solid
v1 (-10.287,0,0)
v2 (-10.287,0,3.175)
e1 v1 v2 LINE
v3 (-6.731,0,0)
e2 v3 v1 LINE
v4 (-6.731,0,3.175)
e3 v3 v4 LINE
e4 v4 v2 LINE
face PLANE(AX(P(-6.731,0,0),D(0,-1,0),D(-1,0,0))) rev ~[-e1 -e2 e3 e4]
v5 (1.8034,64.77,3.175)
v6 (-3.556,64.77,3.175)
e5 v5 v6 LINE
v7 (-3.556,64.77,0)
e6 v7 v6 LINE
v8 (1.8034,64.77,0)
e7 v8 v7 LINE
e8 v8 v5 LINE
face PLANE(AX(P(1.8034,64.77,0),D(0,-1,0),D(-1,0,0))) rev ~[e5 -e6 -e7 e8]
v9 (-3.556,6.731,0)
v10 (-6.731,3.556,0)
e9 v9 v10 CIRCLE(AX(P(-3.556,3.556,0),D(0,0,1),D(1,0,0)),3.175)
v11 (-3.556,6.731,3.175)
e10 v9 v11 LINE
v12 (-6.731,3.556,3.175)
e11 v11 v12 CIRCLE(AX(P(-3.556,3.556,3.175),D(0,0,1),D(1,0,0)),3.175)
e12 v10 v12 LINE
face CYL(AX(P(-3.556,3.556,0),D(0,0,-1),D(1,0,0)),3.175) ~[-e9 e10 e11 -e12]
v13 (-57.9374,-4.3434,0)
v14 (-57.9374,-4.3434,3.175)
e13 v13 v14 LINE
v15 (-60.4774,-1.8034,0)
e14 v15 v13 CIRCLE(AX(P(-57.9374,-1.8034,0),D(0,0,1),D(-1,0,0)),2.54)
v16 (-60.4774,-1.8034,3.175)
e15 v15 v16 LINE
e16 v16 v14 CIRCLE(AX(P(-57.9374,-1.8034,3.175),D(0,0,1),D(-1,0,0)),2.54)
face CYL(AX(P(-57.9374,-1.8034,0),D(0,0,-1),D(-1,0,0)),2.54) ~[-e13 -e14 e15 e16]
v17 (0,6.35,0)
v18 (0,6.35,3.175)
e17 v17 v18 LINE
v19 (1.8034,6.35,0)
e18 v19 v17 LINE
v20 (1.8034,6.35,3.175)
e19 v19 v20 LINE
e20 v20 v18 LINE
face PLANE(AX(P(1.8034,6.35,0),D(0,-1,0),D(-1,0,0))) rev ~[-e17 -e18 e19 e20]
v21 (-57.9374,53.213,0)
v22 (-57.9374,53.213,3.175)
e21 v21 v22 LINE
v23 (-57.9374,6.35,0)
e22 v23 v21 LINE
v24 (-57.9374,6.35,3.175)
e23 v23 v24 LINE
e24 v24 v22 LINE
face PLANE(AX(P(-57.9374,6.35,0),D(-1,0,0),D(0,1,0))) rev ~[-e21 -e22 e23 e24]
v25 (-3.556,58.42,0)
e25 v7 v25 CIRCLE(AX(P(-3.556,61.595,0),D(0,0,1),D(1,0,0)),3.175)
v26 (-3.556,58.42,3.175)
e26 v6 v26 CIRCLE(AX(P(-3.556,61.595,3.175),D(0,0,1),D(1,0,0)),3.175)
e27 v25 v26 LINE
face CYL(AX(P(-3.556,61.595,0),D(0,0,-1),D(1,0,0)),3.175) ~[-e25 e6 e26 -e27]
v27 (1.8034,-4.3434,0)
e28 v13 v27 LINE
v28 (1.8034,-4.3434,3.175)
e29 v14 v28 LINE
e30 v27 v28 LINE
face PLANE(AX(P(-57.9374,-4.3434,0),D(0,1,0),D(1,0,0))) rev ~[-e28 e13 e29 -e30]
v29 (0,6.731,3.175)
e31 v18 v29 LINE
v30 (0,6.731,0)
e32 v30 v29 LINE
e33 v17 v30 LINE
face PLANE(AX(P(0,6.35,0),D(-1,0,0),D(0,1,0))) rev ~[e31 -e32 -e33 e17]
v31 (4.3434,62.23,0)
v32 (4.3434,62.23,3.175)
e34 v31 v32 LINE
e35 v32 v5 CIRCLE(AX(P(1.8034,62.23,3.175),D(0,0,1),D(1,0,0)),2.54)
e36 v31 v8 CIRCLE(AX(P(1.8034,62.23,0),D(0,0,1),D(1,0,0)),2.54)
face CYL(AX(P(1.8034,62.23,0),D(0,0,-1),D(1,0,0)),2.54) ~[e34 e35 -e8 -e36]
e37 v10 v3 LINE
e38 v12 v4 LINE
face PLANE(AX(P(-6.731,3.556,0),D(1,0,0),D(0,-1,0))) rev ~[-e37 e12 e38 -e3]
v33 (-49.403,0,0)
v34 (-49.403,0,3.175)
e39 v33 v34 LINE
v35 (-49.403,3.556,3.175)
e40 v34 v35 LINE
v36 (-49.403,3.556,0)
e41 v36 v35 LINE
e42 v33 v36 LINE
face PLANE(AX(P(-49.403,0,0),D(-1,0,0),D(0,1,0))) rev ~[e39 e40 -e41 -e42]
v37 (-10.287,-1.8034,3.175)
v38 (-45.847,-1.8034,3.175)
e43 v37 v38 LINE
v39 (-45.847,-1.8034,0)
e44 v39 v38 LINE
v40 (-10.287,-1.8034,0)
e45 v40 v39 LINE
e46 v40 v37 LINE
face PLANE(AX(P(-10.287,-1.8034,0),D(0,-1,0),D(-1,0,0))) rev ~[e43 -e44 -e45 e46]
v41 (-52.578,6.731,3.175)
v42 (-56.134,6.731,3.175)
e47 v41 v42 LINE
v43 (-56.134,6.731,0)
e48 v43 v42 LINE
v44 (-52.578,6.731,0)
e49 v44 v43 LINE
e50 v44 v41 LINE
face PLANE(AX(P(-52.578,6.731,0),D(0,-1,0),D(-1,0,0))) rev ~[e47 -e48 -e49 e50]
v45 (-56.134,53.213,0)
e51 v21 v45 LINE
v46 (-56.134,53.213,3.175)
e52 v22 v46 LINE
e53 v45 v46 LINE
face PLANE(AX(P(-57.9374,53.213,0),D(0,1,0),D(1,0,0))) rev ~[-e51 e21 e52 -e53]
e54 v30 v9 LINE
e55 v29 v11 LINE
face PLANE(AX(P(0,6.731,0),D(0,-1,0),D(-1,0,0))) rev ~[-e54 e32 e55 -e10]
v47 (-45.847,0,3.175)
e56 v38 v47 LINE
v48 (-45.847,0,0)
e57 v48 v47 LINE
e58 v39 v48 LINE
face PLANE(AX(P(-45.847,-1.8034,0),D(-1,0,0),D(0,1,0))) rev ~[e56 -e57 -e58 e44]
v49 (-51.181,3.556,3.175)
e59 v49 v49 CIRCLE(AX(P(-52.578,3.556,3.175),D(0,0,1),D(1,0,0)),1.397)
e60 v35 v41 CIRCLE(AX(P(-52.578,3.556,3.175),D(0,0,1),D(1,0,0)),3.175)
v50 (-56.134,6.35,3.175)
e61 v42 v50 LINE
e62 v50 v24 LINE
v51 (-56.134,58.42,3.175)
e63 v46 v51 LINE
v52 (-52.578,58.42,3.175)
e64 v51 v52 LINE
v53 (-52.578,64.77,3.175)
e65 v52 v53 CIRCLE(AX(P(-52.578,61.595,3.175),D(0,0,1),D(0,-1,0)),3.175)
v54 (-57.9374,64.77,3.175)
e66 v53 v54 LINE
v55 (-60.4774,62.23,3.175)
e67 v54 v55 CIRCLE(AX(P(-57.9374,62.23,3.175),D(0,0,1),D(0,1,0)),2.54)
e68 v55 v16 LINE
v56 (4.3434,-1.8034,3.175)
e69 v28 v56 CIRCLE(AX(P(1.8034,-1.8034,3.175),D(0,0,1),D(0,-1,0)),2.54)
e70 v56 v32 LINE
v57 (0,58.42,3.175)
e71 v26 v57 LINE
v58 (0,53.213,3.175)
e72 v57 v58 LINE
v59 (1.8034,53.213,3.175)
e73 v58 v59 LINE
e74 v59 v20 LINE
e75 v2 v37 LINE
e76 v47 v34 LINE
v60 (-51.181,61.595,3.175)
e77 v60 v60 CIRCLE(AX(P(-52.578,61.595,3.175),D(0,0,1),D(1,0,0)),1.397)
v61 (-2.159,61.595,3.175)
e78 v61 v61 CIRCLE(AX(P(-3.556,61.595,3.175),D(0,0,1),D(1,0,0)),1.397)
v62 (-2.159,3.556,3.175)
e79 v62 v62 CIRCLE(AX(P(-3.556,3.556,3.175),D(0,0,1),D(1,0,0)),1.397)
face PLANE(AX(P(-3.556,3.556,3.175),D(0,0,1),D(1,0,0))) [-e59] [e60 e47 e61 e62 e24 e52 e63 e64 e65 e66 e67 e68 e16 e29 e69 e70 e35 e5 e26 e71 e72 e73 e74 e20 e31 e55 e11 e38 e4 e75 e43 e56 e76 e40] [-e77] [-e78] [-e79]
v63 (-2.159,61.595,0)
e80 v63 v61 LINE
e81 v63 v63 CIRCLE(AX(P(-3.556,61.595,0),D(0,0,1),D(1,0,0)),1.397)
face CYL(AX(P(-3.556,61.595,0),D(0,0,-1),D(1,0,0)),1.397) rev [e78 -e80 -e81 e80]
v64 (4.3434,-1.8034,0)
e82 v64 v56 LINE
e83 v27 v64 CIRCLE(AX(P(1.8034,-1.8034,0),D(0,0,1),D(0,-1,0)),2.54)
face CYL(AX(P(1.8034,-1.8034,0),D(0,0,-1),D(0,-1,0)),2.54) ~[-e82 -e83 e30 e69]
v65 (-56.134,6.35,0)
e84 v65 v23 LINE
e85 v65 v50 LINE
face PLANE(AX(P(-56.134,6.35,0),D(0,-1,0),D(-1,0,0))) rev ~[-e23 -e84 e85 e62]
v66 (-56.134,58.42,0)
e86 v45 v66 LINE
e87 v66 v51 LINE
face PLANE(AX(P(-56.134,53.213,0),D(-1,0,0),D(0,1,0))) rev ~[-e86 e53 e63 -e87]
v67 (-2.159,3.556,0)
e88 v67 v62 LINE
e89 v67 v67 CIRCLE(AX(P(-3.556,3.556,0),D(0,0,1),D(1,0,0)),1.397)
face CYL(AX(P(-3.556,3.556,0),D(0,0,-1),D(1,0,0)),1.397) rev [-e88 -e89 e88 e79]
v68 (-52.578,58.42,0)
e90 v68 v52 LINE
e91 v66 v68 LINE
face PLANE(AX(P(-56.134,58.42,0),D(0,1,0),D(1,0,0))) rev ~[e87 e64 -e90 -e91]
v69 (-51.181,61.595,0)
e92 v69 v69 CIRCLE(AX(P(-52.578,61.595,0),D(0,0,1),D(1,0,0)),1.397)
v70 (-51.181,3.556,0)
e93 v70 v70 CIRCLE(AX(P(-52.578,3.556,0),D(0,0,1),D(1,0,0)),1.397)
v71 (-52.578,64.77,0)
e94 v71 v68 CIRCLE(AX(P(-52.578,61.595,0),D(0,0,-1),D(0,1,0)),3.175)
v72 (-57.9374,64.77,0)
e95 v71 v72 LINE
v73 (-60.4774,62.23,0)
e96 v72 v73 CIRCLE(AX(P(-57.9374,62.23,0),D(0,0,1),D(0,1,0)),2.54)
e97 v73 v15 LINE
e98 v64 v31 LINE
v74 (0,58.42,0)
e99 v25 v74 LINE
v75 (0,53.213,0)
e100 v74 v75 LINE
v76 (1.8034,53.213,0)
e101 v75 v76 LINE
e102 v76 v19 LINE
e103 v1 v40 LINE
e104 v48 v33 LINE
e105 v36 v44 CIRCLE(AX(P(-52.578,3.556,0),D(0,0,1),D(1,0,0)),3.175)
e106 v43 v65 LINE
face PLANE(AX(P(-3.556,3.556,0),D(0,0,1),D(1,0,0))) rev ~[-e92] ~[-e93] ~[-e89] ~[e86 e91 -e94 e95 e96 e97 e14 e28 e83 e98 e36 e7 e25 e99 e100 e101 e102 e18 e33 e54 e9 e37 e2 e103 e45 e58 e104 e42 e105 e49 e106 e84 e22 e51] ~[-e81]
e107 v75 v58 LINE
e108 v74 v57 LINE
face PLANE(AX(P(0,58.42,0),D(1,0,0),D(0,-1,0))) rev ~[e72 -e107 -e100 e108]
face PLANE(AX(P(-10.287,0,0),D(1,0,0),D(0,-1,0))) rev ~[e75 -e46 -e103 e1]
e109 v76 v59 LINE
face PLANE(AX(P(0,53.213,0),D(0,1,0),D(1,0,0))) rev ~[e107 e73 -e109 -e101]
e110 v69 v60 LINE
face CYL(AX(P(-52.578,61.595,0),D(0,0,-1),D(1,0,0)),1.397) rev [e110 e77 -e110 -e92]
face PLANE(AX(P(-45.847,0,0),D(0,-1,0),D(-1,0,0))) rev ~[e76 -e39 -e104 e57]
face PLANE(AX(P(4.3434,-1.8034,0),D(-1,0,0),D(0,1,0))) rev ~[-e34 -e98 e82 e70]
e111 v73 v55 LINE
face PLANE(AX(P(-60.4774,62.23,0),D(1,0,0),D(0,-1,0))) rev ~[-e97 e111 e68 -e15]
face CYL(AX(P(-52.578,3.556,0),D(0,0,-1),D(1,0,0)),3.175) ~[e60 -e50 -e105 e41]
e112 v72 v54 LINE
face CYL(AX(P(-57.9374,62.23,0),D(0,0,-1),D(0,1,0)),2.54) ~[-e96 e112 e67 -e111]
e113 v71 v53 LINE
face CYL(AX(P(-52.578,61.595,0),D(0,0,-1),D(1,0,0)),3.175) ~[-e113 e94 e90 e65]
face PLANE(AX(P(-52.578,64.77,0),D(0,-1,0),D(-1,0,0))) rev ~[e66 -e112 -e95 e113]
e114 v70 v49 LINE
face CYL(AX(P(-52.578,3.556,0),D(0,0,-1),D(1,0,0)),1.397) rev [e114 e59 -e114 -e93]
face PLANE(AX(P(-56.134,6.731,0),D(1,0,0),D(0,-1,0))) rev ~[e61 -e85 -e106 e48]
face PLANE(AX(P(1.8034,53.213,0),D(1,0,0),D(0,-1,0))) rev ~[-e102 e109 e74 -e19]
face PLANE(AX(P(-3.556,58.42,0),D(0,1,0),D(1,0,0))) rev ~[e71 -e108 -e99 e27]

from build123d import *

# Parameters (mm, degrees)
SKETCH1_R           = 3.175
SKETCH1_R_2         = 1.397
BOSS_EXTRUDE1_DEPTH = 3.175


with BuildPart() as part:
    # Sketch1 → Boss-Extrude1 (new body)
    # profile 1 of 5: a face of its own
    with BuildSketch(Plane.XY):
        with BuildLine():
            Line((0, 58.42), (0, 53.213))
            Line((0, 53.213), (1.8034, 53.213))
            Line((1.8034, 53.213), (1.8034, 6.35))
            Line((1.8034, 6.35), (0, 6.35))
            Line((0, 6.35), (0, 6.731))
            Line((0, 6.731), (-3.556, 6.731))
            ThreePointArc((-3.556, 6.731), (-1.31093597, 5.80106403), (-0.381, 3.556))
            ThreePointArc((-0.381, 3.556), (-3.556, 0.381), (-6.731, 3.556))
            Line((-6.731, 3.556), (-6.731, 0))
            Line((-6.731, 0), (-10.287, 0))
            Line((-10.287, 0), (-10.287, -1.8034))
            Line((-10.287, -1.8034), (-45.847, -1.8034))
            Line((-45.847, -1.8034), (-45.847, 0))
            Line((-45.847, 0), (-49.403, 0))
            Line((-49.403, 0), (-49.403, 3.556))
            ThreePointArc((-49.403, 3.556), (-54.82306403, 1.31093597), (-52.578, 6.731))
            Line((-52.578, 6.731), (-56.134, 6.731))
            Line((-56.134, 6.731), (-56.134, 6.35))
            Line((-56.134, 6.35), (-57.9374, 6.35))
            Line((-57.9374, 6.35), (-57.9374, 53.213))
            Line((-57.9374, 53.213), (-56.134, 53.213))
            Line((-56.134, 53.213), (-56.134, 58.42))
            Line((-56.134, 58.42), (-52.578, 58.42))
            ThreePointArc((-52.578, 58.42), (-55.753, 61.595), (-52.578, 64.77))
            Line((-52.578, 64.77), (-57.9374, 64.77))
            ThreePointArc((-57.9374, 64.77), (-59.733451224, 64.026051224), (-60.4774, 62.23))
            Line((-60.4774, 62.23), (-60.4774, -1.8034))
            ThreePointArc((-60.4774, -1.8034), (-59.733451224, -3.599451224), (-57.9374, -4.3434))
            Line((-57.9374, -4.3434), (1.8034, -4.3434))
            ThreePointArc((1.8034, -4.3434), (3.599451224, -3.599451224), (4.3434, -1.8034))
            Line((4.3434, -1.8034), (4.3434, 62.23))
            ThreePointArc((4.3434, 62.23), (3.599451224, 64.026051224), (1.8034, 64.77))
            Line((1.8034, 64.77), (-3.556000021, 64.77))
            ThreePointArc((-3.556000021, 64.77), (-1.310935977, 63.840064038), (-0.381, 61.595))
            ThreePointArc((-0.381, 61.595), (-1.31093597, 59.34993597), (-3.556, 58.42))
            Line((-3.556, 58.42), (0, 58.42))
        make_face()
    # profile 2 of 5: a face of its own
    with BuildSketch(Plane.XY):
        with Locations((-52.578, 61.595)):
            Circle(SKETCH1_R)
        with Locations((-52.578, 61.595)):
            Circle(SKETCH1_R_2, mode=Mode.SUBTRACT)
    # profile 3 of 5: a face of its own
    with BuildSketch(Plane.XY):
        with Locations((-3.556, 61.595)):
            Circle(SKETCH1_R)
        with Locations((-3.556, 61.595)):
            Circle(SKETCH1_R_2, mode=Mode.SUBTRACT)
    # profile 4 of 5: a face of its own
    with BuildSketch(Plane.XY):
        with Locations((-52.578, 3.556)):
            Circle(SKETCH1_R)
        with Locations((-52.578, 3.556)):
            Circle(SKETCH1_R_2, mode=Mode.SUBTRACT)
    # profile 5 of 5: a face of its own
    with BuildSketch(Plane.XY):
        with Locations((-3.556, 3.556)):
            Circle(SKETCH1_R)
        with Locations((-3.556, 3.556)):
            Circle(SKETCH1_R_2, mode=Mode.SUBTRACT)
    extrude(amount=BOSS_EXTRUDE1_DEPTH)


solid = part.part
